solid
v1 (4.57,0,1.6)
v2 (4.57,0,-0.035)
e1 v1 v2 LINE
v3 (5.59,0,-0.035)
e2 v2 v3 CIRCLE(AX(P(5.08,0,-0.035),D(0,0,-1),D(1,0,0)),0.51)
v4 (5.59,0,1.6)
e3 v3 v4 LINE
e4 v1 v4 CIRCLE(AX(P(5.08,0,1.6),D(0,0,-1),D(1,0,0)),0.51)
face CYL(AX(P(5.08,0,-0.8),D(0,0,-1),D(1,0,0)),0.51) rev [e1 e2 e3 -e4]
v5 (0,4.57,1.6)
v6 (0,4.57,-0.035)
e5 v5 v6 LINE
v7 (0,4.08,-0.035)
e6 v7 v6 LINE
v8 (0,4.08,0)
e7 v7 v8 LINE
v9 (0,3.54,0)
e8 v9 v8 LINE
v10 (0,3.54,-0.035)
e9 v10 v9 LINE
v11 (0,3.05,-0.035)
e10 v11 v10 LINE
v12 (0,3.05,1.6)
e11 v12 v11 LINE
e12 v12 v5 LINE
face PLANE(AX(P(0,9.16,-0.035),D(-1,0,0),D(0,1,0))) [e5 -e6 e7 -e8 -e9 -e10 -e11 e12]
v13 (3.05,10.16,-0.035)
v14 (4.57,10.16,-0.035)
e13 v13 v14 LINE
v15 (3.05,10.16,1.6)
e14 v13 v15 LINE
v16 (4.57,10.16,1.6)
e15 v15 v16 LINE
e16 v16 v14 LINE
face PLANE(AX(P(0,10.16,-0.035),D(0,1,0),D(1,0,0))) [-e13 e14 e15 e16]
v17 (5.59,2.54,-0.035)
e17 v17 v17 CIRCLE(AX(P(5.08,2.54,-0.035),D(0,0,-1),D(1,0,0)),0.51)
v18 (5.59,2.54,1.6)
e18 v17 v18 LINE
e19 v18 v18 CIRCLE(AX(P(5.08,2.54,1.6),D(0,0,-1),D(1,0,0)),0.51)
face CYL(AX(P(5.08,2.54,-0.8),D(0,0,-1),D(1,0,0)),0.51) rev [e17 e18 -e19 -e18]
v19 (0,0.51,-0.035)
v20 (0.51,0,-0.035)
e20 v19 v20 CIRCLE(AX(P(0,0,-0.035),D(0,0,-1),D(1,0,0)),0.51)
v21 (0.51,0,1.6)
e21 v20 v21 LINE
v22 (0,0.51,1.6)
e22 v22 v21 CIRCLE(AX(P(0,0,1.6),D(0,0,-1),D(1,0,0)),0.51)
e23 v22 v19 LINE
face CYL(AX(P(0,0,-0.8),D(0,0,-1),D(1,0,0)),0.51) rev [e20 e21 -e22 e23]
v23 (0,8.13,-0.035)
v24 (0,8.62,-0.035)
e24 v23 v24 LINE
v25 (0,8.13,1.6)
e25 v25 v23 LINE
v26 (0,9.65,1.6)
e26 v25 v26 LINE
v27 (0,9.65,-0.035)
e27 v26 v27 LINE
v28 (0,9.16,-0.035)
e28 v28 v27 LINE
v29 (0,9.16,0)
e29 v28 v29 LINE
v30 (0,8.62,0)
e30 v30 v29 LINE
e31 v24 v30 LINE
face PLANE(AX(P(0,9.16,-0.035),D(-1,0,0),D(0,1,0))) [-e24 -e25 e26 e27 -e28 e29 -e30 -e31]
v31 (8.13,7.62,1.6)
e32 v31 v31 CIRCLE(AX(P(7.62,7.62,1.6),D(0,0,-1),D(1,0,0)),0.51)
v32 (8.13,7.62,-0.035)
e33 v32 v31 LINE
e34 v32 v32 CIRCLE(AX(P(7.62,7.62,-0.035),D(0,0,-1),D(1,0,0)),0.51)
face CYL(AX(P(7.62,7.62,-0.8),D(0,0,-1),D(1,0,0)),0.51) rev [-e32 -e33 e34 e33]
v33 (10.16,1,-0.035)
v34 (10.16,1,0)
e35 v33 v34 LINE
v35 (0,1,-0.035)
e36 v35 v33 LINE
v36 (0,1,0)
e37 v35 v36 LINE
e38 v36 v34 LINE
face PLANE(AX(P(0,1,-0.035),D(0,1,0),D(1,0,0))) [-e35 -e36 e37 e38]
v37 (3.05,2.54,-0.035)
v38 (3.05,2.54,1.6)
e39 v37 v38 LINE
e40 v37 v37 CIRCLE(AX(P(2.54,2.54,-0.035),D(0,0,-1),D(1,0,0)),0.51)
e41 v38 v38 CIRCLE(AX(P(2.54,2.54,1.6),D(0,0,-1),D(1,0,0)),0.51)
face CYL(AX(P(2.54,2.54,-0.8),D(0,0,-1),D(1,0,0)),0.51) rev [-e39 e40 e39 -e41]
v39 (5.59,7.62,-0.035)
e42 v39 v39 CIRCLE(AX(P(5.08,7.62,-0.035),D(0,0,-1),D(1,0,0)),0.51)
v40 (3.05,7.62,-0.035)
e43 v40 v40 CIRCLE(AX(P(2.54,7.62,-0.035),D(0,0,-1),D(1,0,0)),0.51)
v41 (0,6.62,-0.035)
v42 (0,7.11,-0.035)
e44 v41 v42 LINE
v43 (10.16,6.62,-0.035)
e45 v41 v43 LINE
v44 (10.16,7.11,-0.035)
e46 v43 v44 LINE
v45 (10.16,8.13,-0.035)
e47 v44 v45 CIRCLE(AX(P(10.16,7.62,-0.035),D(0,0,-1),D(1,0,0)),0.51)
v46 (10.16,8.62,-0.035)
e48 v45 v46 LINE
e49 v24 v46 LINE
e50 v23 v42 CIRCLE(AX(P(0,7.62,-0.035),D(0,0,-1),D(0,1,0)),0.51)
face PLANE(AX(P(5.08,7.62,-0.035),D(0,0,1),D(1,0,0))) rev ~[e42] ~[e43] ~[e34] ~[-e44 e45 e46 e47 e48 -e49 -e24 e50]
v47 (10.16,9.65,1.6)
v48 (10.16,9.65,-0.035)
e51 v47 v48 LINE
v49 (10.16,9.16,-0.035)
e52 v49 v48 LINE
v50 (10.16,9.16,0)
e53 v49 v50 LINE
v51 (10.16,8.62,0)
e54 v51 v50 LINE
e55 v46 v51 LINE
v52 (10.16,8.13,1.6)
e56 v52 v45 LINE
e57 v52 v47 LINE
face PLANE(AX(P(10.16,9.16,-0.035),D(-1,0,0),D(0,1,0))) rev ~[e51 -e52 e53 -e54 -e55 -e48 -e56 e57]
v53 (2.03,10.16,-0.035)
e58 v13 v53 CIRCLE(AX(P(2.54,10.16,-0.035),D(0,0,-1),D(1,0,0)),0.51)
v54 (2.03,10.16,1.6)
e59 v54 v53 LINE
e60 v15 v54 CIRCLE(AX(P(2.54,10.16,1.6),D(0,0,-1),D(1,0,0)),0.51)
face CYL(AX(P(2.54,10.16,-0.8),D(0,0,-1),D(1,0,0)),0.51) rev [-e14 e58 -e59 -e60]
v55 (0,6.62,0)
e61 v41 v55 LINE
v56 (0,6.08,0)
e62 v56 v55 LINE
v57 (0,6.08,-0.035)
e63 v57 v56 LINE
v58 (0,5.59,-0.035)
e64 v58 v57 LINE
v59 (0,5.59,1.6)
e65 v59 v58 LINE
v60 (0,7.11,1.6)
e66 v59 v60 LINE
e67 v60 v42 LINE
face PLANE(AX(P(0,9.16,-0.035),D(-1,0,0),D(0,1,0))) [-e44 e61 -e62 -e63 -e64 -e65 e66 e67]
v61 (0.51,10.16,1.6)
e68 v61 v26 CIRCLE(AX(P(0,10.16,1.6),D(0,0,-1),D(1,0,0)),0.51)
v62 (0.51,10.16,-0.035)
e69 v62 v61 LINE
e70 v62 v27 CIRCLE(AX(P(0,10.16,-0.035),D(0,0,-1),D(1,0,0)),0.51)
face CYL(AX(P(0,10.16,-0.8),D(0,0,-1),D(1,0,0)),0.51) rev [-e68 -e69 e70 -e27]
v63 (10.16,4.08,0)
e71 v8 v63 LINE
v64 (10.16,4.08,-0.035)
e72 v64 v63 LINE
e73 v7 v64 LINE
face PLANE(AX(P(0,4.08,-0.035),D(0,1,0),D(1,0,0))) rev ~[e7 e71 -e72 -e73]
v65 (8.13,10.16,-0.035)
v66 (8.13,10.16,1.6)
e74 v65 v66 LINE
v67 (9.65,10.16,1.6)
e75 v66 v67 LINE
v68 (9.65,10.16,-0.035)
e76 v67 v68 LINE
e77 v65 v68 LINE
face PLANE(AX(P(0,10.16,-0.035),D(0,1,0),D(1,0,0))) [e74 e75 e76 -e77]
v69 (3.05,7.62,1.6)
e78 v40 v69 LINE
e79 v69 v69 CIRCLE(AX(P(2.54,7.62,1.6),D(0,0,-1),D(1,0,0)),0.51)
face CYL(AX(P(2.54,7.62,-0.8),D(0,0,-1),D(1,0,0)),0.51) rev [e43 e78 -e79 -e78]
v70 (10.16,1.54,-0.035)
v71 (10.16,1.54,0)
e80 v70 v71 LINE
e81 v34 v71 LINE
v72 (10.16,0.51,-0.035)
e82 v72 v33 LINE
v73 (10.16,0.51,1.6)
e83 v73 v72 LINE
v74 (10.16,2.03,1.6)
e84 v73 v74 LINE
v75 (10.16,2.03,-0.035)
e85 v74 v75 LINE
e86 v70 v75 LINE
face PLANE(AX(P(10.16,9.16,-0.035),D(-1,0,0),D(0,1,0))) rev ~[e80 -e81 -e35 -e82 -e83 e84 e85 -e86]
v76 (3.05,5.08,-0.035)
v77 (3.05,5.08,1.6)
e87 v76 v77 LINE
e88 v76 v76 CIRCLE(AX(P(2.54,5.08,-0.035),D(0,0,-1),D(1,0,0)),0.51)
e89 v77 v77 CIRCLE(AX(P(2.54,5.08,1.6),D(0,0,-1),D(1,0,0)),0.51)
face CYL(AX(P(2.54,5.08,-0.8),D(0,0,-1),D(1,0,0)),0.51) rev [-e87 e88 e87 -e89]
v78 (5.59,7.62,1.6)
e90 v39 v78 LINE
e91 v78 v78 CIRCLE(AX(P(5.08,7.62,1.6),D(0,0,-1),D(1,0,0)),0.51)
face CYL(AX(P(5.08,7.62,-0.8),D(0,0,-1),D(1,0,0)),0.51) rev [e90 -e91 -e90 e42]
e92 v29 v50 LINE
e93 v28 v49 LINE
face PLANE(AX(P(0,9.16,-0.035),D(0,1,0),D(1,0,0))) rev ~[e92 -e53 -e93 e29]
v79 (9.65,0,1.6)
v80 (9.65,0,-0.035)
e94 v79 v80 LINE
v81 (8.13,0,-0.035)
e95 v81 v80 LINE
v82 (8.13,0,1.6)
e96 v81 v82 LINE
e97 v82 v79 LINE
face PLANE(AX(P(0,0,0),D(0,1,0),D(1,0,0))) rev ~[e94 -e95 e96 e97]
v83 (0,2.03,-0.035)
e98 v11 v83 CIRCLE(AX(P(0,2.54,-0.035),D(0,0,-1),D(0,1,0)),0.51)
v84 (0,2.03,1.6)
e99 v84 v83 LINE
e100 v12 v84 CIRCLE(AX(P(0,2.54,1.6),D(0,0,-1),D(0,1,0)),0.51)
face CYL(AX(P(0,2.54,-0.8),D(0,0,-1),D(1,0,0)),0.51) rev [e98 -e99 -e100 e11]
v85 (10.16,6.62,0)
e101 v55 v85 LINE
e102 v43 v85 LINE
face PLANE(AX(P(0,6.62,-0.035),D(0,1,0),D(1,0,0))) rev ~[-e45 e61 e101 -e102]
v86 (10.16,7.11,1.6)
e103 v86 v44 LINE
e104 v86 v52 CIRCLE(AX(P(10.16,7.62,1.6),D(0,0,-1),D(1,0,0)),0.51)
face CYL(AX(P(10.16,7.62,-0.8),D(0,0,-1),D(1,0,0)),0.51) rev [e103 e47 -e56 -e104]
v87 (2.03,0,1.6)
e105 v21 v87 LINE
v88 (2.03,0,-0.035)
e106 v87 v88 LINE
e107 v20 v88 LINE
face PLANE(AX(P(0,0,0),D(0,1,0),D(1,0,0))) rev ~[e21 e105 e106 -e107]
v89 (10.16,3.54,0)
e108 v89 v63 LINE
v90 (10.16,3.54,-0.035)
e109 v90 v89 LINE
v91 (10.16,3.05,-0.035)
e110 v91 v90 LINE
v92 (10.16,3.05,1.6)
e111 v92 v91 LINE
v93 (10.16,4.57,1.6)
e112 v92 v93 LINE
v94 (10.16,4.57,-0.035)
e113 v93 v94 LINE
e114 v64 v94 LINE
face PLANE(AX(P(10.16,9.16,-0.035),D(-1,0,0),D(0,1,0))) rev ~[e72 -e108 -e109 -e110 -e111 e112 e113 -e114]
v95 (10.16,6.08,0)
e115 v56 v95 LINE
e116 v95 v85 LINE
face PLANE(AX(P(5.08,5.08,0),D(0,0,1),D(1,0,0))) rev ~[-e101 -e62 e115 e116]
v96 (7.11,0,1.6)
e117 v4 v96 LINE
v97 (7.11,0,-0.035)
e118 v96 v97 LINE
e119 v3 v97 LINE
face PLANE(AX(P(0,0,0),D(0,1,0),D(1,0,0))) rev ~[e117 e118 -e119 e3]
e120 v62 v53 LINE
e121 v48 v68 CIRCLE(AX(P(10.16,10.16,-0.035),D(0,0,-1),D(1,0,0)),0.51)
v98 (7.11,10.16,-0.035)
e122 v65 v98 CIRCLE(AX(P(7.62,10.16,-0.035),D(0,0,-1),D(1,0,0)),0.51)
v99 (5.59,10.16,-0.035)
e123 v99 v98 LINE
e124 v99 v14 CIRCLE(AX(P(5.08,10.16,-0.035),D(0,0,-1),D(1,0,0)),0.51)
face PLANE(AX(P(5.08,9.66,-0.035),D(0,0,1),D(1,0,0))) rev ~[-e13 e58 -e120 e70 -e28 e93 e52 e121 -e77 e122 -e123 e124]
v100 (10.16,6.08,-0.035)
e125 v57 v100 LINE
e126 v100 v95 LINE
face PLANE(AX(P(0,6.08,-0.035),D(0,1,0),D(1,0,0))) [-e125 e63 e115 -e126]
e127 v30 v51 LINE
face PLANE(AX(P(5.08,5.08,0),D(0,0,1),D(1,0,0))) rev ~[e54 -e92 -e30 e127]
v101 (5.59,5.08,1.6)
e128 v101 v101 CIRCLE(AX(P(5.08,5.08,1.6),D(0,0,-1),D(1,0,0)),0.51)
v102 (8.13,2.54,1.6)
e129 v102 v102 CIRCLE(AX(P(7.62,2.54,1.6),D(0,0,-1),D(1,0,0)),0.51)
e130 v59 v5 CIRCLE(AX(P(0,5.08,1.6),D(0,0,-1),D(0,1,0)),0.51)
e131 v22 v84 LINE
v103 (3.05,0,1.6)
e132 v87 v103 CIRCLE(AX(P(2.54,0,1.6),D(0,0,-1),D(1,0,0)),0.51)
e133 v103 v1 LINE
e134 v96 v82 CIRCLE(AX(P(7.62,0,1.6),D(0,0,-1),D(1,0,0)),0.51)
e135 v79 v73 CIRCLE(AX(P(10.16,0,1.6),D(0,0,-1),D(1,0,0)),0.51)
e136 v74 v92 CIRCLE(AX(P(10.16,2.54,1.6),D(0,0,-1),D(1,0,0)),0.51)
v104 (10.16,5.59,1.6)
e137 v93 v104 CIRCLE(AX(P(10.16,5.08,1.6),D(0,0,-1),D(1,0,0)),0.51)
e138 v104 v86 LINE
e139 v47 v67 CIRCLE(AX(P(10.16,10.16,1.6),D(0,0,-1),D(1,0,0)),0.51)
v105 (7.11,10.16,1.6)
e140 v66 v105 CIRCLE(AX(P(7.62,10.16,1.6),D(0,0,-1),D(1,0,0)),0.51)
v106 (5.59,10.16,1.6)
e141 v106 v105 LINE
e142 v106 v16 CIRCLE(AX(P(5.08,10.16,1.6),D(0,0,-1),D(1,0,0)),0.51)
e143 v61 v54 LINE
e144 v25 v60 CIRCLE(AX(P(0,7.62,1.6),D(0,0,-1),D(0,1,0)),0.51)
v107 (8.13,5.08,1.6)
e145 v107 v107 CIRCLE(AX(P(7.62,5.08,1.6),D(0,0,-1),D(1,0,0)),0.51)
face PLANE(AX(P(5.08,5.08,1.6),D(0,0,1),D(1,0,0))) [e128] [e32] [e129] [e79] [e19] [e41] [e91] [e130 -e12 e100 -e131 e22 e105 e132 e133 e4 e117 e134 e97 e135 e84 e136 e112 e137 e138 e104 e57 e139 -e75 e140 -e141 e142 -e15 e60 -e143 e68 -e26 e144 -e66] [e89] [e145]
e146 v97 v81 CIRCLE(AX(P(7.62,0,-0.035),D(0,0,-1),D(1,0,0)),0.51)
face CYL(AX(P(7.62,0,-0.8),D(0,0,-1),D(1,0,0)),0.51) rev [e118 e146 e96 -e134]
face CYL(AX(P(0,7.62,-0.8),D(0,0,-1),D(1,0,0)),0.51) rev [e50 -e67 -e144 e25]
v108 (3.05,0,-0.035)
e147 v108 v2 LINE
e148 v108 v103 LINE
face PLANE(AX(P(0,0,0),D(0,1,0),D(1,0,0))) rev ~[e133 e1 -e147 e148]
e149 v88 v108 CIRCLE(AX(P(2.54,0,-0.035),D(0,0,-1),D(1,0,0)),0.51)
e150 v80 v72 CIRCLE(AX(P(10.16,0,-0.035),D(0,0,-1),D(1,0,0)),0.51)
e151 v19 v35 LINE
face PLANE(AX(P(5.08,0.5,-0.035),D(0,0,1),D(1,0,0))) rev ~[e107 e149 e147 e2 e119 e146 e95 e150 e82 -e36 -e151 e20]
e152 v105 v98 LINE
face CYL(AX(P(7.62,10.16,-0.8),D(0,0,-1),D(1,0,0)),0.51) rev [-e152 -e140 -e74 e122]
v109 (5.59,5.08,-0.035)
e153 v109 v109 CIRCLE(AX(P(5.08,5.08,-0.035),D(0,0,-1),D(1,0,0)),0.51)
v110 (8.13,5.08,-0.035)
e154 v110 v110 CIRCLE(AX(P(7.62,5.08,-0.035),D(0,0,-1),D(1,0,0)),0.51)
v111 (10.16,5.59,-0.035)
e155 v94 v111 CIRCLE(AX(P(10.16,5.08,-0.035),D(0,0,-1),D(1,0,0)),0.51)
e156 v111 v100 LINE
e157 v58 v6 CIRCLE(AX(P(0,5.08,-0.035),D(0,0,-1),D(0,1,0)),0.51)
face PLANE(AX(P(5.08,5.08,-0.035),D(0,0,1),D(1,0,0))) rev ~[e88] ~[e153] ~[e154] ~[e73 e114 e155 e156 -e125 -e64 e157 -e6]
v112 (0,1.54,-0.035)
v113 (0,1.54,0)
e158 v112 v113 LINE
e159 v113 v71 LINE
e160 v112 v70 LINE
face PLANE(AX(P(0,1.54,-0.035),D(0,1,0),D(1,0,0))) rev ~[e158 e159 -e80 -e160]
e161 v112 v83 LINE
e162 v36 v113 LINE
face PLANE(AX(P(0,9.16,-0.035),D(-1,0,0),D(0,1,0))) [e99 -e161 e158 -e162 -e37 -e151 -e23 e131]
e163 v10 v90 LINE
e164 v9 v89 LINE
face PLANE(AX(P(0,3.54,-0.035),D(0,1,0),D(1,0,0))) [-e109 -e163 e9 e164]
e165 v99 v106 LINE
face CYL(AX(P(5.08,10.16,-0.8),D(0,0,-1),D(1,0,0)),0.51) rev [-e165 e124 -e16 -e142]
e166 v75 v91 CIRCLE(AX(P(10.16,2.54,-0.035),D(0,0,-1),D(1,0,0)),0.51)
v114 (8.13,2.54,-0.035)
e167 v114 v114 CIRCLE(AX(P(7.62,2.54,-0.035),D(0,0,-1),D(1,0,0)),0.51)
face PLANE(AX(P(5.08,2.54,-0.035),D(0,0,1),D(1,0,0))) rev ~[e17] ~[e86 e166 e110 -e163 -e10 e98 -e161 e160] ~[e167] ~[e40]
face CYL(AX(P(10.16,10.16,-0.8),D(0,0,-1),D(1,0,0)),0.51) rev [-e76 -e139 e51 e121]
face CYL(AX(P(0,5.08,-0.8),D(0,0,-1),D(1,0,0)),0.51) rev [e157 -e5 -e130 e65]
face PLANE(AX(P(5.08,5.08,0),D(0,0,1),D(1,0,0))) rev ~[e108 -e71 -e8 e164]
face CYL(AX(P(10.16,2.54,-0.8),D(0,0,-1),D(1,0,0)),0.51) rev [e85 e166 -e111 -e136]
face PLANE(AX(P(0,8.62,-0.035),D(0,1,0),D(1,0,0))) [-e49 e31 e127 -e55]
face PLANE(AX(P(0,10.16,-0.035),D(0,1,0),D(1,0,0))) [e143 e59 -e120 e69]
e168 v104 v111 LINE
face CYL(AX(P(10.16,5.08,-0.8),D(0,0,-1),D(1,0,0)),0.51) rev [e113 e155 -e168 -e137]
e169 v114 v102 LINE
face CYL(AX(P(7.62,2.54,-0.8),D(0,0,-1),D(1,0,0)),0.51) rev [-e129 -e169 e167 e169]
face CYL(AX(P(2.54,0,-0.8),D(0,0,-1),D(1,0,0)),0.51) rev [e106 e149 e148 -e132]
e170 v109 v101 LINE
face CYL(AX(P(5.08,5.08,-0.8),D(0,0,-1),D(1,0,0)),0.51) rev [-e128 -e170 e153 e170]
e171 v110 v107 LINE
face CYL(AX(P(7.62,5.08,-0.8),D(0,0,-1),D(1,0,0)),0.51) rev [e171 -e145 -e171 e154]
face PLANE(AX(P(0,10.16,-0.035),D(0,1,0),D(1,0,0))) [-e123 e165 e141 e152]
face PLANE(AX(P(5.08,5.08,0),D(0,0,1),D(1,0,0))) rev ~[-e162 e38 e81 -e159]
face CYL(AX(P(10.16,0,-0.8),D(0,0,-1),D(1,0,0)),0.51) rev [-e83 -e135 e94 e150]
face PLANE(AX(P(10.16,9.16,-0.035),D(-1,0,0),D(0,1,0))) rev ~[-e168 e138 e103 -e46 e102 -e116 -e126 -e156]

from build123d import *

# Parameters (mm, degrees)
CYLINDER_R       = 0.51
CYLINDER_DEPTH   = 3.2
ARRAY001_X_COUNT = 5
ARRAY001_X_PITCH = 2.54
ARRAY001_Y_COUNT = 5
ARRAY001_Y_PITCH = 2.54
BOX002_W         = 10.16
BOX002_H         = 1
BOX002_DEPTH     = 0.035
ARRAY002_Y_COUNT = 2
ARRAY002_Y_PITCH = 9.16
BOX001_W         = 10.16
BOX001_H         = 2
BOX001_DEPTH     = 0.035
ARRAY_Y_COUNT    = 3
ARRAY_Y_PITCH    = 2.54
BOX_W            = 10.16
BOX_H            = 10.16
BOX_DEPTH        = 1.6


with BuildPart() as arraycylinders:
    # Cylinder → Cylinder (new body)
    with BuildSketch(Plane.XY.offset(-0.8)):
        Circle(CYLINDER_R)
    extrude(amount=CYLINDER_DEPTH)

    # Array001 X: ArrayCylinders ×5


with BuildPart() as arraycylinders_1:
    add(arraycylinders.part)
    with Locations(*[(i * ARRAY001_X_PITCH, 0, 0) for i in range(1, ARRAY001_X_COUNT)]):
        add(arraycylinders.part)

    # Array001 Y: ArrayCylinders ×5


with BuildPart() as arraycylinders_2:
    add(arraycylinders_1.part)
    with Locations(*[(0, i * ARRAY001_Y_PITCH, 0) for i in range(1, ARRAY001_Y_COUNT)]):
        add(arraycylinders_1.part)


with BuildPart() as array002:
    # Box002 → Box002 (new body)
    with BuildSketch(Plane.XY.offset(-0.035)):
        with Locations((5.08, 0.5)):
            Rectangle(BOX002_W, BOX002_H)
    extrude(amount=BOX002_DEPTH)

    # Array002 Y: Array002 ×2


with BuildPart() as array002_1:
    add(array002.part)
    with Locations(*[(0, i * ARRAY002_Y_PITCH, 0) for i in range(1, ARRAY002_Y_COUNT)]):
        add(array002.part)


with BuildPart() as fusion:
    # Box001 → Box001 (new body)
    with BuildSketch(Plane(origin=(0, 1.54, -0.035), x_dir=(1, 0, 0), z_dir=(0, 0, 1))):
        with Locations((5.08, 1)):
            Rectangle(BOX001_W, BOX001_H)
    extrude(amount=BOX001_DEPTH)

    # Array Y: Fusion ×3


with BuildPart() as fusion_1:
    add(fusion.part)
    with Locations(*[(0, i * ARRAY_Y_PITCH, 0) for i in range(1, ARRAY_Y_COUNT)]):
        add(fusion.part)

    # Fusion: union Array002
    add(array002_1.part)


with BuildPart() as cut:
    # Box → Box (new body)
    with BuildSketch(Plane.XY):
        with Locations((5.08, 5.08)):
            Rectangle(BOX_W, BOX_H)
    extrude(amount=BOX_DEPTH)

    # Fusion001: union Fusion
    add(fusion_1.part)

    # Cut: cut ArrayCylinders
    add(arraycylinders_2.part, mode=Mode.SUBTRACT)


solid = cut.part
